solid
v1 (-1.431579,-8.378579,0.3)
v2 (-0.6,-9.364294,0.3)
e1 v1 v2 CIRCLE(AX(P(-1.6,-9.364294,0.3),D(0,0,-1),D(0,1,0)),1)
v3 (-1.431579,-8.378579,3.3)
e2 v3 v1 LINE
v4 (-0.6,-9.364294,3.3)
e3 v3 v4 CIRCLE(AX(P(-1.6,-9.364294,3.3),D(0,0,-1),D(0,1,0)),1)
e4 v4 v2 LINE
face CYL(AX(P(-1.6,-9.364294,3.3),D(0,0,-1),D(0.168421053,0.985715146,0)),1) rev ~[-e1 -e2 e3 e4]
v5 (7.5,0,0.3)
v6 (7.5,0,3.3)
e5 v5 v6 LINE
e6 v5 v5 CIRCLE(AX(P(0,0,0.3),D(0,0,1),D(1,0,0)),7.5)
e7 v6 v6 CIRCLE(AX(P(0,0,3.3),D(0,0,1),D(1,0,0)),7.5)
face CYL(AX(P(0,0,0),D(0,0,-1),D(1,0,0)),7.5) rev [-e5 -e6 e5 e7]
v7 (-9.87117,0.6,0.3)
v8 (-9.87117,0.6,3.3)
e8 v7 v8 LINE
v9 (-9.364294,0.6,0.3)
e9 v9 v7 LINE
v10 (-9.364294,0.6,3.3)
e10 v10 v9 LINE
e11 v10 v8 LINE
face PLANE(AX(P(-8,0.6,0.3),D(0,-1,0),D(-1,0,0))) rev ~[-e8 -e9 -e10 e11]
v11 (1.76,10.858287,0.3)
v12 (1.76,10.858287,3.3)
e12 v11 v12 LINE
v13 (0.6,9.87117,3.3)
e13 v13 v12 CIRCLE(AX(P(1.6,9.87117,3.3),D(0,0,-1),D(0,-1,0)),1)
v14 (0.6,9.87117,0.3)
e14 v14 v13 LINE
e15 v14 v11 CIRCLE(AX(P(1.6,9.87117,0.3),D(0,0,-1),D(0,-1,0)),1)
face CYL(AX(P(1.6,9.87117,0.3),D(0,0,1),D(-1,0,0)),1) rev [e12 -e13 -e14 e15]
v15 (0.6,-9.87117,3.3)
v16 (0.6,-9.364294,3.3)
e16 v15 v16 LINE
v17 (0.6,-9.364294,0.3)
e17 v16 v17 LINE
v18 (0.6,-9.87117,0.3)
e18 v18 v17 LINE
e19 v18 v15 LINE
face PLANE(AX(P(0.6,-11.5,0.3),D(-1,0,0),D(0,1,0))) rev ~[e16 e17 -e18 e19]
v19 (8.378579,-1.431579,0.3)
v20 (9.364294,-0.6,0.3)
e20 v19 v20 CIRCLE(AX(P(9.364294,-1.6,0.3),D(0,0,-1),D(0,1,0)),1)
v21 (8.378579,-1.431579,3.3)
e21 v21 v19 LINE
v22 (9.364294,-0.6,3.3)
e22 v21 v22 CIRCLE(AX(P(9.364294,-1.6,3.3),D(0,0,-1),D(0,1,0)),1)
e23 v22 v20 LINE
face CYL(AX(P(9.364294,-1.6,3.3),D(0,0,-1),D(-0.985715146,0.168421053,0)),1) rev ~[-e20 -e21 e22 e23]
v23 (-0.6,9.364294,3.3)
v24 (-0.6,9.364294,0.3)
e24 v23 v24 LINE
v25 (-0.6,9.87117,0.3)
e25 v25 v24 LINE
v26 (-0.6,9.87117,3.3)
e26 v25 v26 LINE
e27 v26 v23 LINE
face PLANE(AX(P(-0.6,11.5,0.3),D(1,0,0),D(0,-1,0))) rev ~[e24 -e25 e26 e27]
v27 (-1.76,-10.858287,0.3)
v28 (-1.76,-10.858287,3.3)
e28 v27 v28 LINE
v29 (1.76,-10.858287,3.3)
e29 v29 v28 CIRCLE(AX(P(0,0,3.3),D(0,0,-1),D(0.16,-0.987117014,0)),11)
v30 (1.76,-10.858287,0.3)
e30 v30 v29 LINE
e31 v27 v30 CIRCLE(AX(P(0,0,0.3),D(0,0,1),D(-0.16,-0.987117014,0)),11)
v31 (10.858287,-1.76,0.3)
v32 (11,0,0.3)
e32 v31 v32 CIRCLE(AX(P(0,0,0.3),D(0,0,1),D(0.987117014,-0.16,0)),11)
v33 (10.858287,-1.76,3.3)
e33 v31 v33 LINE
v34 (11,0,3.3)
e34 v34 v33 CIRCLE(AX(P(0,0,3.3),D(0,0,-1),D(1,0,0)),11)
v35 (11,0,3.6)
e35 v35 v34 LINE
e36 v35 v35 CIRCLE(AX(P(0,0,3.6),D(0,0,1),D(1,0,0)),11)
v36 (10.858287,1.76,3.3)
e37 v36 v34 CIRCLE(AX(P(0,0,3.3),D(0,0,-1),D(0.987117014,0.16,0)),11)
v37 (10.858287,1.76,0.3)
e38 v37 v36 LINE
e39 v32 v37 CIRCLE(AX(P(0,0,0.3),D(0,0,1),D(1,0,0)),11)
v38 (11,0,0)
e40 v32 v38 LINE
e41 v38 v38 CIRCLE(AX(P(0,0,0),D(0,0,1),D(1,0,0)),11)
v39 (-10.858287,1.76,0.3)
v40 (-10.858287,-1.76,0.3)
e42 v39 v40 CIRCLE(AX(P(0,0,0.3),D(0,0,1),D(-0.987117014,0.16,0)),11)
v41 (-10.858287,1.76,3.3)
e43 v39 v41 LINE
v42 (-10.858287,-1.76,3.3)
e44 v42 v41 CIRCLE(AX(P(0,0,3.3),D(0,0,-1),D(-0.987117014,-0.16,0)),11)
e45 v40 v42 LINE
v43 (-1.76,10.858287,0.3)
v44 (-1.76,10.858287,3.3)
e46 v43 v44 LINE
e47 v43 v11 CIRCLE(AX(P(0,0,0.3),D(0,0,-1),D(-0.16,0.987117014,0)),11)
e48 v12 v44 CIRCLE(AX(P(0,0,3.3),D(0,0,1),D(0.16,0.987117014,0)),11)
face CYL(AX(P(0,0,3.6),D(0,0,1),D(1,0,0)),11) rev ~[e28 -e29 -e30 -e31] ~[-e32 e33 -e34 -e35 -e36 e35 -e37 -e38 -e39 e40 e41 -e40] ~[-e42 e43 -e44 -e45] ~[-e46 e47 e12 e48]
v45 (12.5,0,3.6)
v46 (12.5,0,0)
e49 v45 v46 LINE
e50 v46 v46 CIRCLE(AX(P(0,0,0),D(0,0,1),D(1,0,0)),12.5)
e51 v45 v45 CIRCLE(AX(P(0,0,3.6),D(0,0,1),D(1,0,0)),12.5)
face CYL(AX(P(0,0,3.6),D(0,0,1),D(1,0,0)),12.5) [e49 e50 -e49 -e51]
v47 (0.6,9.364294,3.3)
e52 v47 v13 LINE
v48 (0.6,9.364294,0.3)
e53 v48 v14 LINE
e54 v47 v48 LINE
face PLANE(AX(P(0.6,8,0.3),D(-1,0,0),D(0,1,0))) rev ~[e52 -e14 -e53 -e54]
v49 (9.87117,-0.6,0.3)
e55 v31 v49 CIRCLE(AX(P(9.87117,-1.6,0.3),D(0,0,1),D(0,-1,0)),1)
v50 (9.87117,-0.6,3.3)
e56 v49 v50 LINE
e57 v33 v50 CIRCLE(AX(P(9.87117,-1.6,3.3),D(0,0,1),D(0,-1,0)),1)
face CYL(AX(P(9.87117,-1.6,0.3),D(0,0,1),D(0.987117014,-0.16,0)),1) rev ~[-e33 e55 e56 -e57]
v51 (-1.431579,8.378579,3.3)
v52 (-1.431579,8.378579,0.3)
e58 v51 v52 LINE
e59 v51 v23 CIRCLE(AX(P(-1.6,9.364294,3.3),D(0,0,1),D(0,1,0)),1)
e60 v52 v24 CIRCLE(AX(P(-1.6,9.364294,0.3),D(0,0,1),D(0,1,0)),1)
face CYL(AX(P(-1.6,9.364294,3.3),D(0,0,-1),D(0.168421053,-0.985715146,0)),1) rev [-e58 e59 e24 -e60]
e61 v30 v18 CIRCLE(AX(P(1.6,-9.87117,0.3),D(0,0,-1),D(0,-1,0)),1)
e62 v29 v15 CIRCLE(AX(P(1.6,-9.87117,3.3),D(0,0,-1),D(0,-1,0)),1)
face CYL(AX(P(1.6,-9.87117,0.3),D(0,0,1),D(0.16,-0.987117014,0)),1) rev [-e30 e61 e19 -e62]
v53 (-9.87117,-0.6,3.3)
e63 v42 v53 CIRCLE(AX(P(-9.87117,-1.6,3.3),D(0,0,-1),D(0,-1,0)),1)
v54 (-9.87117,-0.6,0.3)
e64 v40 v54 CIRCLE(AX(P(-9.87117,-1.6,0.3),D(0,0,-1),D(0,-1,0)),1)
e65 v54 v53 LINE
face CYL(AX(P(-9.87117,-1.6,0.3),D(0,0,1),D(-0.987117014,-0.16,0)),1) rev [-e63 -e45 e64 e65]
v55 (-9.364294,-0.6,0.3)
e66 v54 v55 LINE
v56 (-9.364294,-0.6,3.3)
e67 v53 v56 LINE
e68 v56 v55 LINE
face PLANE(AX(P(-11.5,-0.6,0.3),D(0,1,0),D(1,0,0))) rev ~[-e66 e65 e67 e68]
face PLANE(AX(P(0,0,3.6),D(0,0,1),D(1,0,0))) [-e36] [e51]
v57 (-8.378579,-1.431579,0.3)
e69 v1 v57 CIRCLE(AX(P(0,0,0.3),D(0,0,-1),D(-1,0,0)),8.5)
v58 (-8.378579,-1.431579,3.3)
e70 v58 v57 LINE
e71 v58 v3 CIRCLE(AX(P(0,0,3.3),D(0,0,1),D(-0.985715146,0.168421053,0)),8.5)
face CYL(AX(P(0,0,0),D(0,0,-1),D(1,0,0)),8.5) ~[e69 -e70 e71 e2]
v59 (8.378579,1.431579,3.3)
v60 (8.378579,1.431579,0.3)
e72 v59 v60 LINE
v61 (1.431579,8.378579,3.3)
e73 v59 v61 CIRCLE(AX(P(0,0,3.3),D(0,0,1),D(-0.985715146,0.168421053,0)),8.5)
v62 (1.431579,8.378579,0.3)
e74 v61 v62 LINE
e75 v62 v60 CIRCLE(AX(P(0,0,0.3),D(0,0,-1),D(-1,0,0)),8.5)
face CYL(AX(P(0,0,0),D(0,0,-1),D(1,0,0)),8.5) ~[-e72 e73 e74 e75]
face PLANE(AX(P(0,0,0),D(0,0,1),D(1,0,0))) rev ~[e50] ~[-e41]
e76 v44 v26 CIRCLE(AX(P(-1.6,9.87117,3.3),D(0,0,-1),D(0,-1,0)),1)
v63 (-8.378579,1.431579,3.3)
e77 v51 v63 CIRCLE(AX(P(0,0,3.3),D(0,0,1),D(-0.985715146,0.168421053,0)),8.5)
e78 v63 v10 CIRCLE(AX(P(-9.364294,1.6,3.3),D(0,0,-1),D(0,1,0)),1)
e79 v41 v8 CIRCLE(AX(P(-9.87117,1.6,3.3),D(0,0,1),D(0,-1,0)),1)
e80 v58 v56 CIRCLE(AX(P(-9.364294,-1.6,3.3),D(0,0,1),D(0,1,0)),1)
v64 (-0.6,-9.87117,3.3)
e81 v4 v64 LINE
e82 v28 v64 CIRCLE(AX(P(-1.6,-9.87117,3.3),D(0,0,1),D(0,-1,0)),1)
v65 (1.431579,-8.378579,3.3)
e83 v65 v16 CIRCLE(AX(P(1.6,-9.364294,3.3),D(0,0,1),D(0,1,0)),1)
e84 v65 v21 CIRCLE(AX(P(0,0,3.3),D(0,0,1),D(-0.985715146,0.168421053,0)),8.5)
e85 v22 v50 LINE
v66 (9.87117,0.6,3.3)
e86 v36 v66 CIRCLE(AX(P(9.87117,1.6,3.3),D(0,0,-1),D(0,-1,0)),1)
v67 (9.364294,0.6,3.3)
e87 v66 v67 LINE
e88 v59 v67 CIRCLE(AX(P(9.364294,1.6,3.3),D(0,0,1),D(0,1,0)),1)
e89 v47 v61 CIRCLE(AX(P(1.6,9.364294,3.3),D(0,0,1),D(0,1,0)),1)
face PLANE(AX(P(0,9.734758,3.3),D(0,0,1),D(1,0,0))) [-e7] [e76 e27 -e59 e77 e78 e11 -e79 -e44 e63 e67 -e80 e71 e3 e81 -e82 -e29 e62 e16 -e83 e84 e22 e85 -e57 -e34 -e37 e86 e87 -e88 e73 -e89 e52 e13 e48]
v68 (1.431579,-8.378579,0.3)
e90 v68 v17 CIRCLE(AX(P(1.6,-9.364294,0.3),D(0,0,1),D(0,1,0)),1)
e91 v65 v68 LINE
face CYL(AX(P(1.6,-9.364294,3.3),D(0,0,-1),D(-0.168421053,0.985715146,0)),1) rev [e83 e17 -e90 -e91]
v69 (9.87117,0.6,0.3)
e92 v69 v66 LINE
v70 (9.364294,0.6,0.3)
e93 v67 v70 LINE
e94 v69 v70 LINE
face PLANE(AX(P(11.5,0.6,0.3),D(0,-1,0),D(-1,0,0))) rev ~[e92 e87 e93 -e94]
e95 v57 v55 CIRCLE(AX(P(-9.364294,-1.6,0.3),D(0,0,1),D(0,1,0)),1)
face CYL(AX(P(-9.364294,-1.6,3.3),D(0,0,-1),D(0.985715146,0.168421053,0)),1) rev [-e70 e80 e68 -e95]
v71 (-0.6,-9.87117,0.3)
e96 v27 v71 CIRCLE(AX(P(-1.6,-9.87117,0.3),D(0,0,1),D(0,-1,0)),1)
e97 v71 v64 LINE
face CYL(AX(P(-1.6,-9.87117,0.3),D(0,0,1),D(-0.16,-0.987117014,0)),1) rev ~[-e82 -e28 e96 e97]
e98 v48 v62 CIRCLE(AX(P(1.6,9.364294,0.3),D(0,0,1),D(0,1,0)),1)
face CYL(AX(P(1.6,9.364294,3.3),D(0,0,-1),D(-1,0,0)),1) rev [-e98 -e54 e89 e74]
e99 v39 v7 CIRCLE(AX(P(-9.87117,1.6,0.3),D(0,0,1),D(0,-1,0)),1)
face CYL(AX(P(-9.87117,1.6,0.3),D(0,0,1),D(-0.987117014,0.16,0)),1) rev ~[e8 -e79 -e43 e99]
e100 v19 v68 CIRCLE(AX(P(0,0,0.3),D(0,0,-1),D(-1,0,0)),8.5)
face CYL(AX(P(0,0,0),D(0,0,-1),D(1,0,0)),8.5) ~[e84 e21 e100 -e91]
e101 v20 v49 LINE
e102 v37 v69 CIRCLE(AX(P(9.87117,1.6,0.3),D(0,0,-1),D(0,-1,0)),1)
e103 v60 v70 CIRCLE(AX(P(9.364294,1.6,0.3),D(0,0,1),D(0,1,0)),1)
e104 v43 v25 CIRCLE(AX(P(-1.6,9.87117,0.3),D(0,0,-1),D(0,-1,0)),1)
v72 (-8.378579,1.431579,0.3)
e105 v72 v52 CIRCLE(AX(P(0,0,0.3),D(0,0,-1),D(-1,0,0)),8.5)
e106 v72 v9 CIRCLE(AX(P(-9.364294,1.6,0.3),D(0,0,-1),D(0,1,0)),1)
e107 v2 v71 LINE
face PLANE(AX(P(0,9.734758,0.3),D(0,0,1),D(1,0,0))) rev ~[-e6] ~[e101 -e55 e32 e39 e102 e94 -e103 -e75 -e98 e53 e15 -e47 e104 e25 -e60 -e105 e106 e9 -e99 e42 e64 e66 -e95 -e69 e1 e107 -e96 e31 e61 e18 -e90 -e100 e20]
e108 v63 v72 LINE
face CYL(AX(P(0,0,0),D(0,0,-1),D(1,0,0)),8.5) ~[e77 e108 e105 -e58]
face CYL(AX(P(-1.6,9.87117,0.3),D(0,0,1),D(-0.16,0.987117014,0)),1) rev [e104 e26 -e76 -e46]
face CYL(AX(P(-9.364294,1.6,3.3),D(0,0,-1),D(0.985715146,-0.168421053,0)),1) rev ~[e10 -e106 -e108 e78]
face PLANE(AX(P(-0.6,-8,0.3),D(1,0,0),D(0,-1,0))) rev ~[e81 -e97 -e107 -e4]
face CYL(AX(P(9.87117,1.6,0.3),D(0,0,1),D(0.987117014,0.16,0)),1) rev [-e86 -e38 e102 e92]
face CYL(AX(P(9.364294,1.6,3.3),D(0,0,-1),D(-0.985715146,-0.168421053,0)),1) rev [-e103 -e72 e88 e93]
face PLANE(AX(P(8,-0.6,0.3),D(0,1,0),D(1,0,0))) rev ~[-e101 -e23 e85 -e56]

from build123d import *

# Parameters (mm, degrees)
SKETCH_1_R          = 8.5
SKETCH_1_R_2        = 7.5
EXTRUDE_1_DEPTH     = 3.6
SKETCH_2_R          = 12.5
SKETCH_2_R_2        = 11
EXTRUDE_2_DEPTH     = 3.6
EXTRUDE_START       = -3
EXTRUDE_3_DEPTH     = 3
FILLET_1_R          = 1
CUT_EXTRUDE_START   = -0.3
SKETCH_5_R          = 8.5
SKETCH_5_R_2        = 7.5
CUT_EXTRUDE_1_DEPTH = 0.3
SKETCH_6_R          = 8.5
SKETCH_6_R_2        = 7.5
CUT_EXTRUDE_2_DEPTH = 0.3


with BuildPart() as part:
    # 草图1 → 凸台-拉伸1 (new body)
    with BuildSketch(Plane.XY):
        Circle(SKETCH_1_R)
        Circle(SKETCH_1_R_2, mode=Mode.SUBTRACT)
    extrude(amount=EXTRUDE_1_DEPTH)



with BuildPart() as body_2:
    # 草图2 → 凸台-拉伸2 (new body)
    with BuildSketch(Plane.XY.offset(3.6)):
        Circle(SKETCH_2_R)
        Circle(SKETCH_2_R_2, mode=Mode.SUBTRACT)
    extrude(amount=-EXTRUDE_2_DEPTH)


with BuildPart() as part_1:
    add(part.part)

    add(body_2.part)  # 凸台-拉伸3 merges body 2
    # 草图4 → 凸台-拉伸3 (add)
    with BuildSketch(Plane.XY.offset(3.3).offset(EXTRUDE_START)):
        with BuildLine():
            ThreePointArc((-0.6, 8.478797084), (0, 8.5), (0.6, 8.478797084))
            Line((0.6, 8.478797084), (0.6, 10.983624174))
            ThreePointArc((0.6, 10.983624174), (0, 11), (-0.6, 10.983624174))
            Line((-0.6, 10.983624174), (-0.6, 8.478797084))
        make_face()
        with BuildLine():
            Line((-11, 0), (-8.5, 0))
            ThreePointArc((-8.5, 0), (-8.494697617, 0.30018726), (-8.478797084, 0.6))
            Line((-8.478797084, 0.6), (-10.983624174, 0.6))
            ThreePointArc((-10.983624174, 0.6), (-10.995905281, 0.300111716), (-11, 0))
        make_face()
        with BuildLine():
            Line((0.6, -10.983624174), (0.6, -8.478797084))
            ThreePointArc((0.6, -8.478797084), (0, -8.5), (-0.6, -8.478797084))
            Line((-0.6, -8.478797084), (-0.6, -10.983624174))
            ThreePointArc((-0.6, -10.983624174), (0, -11), (0.6, -10.983624174))
        make_face()
        with BuildLine():
            ThreePointArc((8.478797084, 0.6), (8.494697617, 0.30018726), (8.5, 0))
            Line((8.5, 0), (11, 0))
            ThreePointArc((11, 0), (10.995905281, 0.300111716), (10.983624174, 0.6))
            Line((10.983624174, 0.6), (8.478797084, 0.6))
        make_face()
        with BuildLine():
            Line((8, 0), (8.5, 0))
            ThreePointArc((8.5, 0), (8.494697617, 0.30018726), (8.478797084, 0.6))
            Line((8.478797084, 0.6), (8, 0.6))
            Line((8, 0.6), (8, 0))
        make_face()
        with BuildLine():
            ThreePointArc((10.983624174, 0.6), (10.995905281, 0.300111716), (11, 0))
            ThreePointArc((11, 0), (10.995905281, -0.300111716), (10.983624174, -0.6))
            Line((10.983624174, -0.6), (11.5, -0.6))
            Line((11.5, -0.6), (11.5, 0.6))
            Line((11.5, 0.6), (10.983624174, 0.6))
        make_face()
        with BuildLine():
            Line((11, 0), (8.5, 0))
            ThreePointArc((8.5, 0), (8.494697617, -0.30018726), (8.478797084, -0.6))
            Line((8.478797084, -0.6), (10.983624174, -0.6))
            ThreePointArc((10.983624174, -0.6), (10.995905281, -0.300111716), (11, 0))
        make_face()
        with BuildLine():
            ThreePointArc((8.478797084, -0.6), (8.494697617, -0.30018726), (8.5, 0))
            Line((8.5, 0), (8, 0))
            Line((8, 0), (8, -0.6))
            Line((8, -0.6), (8.478797084, -0.6))
        make_face()
        with BuildLine():
            Line((0.6, -11.5), (0.6, -10.983624174))
            ThreePointArc((0.6, -10.983624174), (0, -11), (-0.6, -10.983624174))
            Line((-0.6, -10.983624174), (-0.6, -11.5))
            Line((-0.6, -11.5), (0.6, -11.5))
        make_face()
        with BuildLine():
            ThreePointArc((-0.6, -8.478797084), (0, -8.5), (0.6, -8.478797084))
            Line((0.6, -8.478797084), (0.6, -8))
            Line((0.6, -8), (-0.6, -8))
            Line((-0.6, -8), (-0.6, -8.478797084))
        make_face()
        with BuildLine():
            ThreePointArc((-10.983624174, -0.6), (-10.995905281, -0.300111716), (-11, 0))
            ThreePointArc((-11, 0), (-10.995905281, 0.300111716), (-10.983624174, 0.6))
            Line((-10.983624174, 0.6), (-11.5, 0.6))
            Line((-11.5, 0.6), (-11.5, -0.6))
            Line((-11.5, -0.6), (-10.983624174, -0.6))
        make_face()
        with BuildLine():
            ThreePointArc((-8.478797084, -0.6), (-8.494697617, -0.30018726), (-8.5, 0))
            Line((-8.5, 0), (-11, 0))
            ThreePointArc((-11, 0), (-10.995905281, -0.300111716), (-10.983624174, -0.6))
            Line((-10.983624174, -0.6), (-8.478797084, -0.6))
        make_face()
        with BuildLine():
            Line((-8, -0.6), (-8, 0))
            Line((-8, 0), (-8.5, 0))
            ThreePointArc((-8.5, 0), (-8.494697617, -0.30018726), (-8.478797084, -0.6))
            Line((-8.478797084, -0.6), (-8, -0.6))
        make_face()
        with BuildLine():
            Line((-8.5, 0), (-8, 0))
            Line((-8, 0), (-8, 0.6))
            Line((-8, 0.6), (-8.478797084, 0.6))
            ThreePointArc((-8.478797084, 0.6), (-8.494697617, 0.30018726), (-8.5, 0))
        make_face()
        with BuildLine():
            ThreePointArc((-0.6, 10.983624174), (0, 11), (0.6, 10.983624174))
            Line((0.6, 10.983624174), (0.6, 11.5))
            Line((0.6, 11.5), (-0.6, 11.5))
            Line((-0.6, 11.5), (-0.6, 10.983624174))
        make_face()
        with BuildLine():
            Line((0.6, 8), (0.6, 8.478797084))
            ThreePointArc((0.6, 8.478797084), (0, 8.5), (-0.6, 8.478797084))
            Line((-0.6, 8.478797084), (-0.6, 8))
            Line((-0.6, 8), (0.6, 8))
        make_face()
    extrude(amount=EXTRUDE_3_DEPTH)

    # 圆角1
    fillet_1_edges = [part_1.edges().sort_by_distance(p)[0] for p in [
        (0.6, 10.983624174, 1.8),
        (0.6, 8.478797084, 1.8),
        (-0.6, 8.478797084, 1.8),
        (8.478797084, -0.6, 1.8),
        (8.478797084, 0.6, 1.8),
        (10.983624174, 0.6, 1.8),
        (10.983624174, -0.6, 1.8),
        (0.6, -10.983624174, 1.8),
        (-0.6, -10.983624174, 1.8),
        (-0.6, -8.478797084, 1.8),
        (0.6, -8.478797084, 1.8),
        (-10.983624174, -0.6, 1.8),
        (-10.983624174, 0.6, 1.8),
        (-8.478797084, 0.6, 1.8),
        (-8.478797084, -0.6, 1.8),
        (-0.6, 10.983624174, 1.8),
    ]]
    fillet(fillet_1_edges, radius=FILLET_1_R)

    # 草图5 → 切除-拉伸1 (cut)
    with BuildSketch(Plane.XY.offset(3.6).offset(CUT_EXTRUDE_START)):
        with Locations(Location((0, 0, 0), (0, 0, 170.303971602))):
            Circle(SKETCH_5_R)
        Circle(SKETCH_5_R_2, mode=Mode.SUBTRACT)
    extrude(amount=CUT_EXTRUDE_1_DEPTH, mode=Mode.SUBTRACT)

    # 草图6 → 切除-拉伸2 (cut)
    with BuildSketch(Plane(origin=(0, 0, 0), x_dir=(-1, 0, 0), z_dir=(0, 0, -1))):
        Circle(SKETCH_6_R)
        Circle(SKETCH_6_R_2, mode=Mode.SUBTRACT)
    extrude(amount=-CUT_EXTRUDE_2_DEPTH, mode=Mode.SUBTRACT)


solid = part_1.part
